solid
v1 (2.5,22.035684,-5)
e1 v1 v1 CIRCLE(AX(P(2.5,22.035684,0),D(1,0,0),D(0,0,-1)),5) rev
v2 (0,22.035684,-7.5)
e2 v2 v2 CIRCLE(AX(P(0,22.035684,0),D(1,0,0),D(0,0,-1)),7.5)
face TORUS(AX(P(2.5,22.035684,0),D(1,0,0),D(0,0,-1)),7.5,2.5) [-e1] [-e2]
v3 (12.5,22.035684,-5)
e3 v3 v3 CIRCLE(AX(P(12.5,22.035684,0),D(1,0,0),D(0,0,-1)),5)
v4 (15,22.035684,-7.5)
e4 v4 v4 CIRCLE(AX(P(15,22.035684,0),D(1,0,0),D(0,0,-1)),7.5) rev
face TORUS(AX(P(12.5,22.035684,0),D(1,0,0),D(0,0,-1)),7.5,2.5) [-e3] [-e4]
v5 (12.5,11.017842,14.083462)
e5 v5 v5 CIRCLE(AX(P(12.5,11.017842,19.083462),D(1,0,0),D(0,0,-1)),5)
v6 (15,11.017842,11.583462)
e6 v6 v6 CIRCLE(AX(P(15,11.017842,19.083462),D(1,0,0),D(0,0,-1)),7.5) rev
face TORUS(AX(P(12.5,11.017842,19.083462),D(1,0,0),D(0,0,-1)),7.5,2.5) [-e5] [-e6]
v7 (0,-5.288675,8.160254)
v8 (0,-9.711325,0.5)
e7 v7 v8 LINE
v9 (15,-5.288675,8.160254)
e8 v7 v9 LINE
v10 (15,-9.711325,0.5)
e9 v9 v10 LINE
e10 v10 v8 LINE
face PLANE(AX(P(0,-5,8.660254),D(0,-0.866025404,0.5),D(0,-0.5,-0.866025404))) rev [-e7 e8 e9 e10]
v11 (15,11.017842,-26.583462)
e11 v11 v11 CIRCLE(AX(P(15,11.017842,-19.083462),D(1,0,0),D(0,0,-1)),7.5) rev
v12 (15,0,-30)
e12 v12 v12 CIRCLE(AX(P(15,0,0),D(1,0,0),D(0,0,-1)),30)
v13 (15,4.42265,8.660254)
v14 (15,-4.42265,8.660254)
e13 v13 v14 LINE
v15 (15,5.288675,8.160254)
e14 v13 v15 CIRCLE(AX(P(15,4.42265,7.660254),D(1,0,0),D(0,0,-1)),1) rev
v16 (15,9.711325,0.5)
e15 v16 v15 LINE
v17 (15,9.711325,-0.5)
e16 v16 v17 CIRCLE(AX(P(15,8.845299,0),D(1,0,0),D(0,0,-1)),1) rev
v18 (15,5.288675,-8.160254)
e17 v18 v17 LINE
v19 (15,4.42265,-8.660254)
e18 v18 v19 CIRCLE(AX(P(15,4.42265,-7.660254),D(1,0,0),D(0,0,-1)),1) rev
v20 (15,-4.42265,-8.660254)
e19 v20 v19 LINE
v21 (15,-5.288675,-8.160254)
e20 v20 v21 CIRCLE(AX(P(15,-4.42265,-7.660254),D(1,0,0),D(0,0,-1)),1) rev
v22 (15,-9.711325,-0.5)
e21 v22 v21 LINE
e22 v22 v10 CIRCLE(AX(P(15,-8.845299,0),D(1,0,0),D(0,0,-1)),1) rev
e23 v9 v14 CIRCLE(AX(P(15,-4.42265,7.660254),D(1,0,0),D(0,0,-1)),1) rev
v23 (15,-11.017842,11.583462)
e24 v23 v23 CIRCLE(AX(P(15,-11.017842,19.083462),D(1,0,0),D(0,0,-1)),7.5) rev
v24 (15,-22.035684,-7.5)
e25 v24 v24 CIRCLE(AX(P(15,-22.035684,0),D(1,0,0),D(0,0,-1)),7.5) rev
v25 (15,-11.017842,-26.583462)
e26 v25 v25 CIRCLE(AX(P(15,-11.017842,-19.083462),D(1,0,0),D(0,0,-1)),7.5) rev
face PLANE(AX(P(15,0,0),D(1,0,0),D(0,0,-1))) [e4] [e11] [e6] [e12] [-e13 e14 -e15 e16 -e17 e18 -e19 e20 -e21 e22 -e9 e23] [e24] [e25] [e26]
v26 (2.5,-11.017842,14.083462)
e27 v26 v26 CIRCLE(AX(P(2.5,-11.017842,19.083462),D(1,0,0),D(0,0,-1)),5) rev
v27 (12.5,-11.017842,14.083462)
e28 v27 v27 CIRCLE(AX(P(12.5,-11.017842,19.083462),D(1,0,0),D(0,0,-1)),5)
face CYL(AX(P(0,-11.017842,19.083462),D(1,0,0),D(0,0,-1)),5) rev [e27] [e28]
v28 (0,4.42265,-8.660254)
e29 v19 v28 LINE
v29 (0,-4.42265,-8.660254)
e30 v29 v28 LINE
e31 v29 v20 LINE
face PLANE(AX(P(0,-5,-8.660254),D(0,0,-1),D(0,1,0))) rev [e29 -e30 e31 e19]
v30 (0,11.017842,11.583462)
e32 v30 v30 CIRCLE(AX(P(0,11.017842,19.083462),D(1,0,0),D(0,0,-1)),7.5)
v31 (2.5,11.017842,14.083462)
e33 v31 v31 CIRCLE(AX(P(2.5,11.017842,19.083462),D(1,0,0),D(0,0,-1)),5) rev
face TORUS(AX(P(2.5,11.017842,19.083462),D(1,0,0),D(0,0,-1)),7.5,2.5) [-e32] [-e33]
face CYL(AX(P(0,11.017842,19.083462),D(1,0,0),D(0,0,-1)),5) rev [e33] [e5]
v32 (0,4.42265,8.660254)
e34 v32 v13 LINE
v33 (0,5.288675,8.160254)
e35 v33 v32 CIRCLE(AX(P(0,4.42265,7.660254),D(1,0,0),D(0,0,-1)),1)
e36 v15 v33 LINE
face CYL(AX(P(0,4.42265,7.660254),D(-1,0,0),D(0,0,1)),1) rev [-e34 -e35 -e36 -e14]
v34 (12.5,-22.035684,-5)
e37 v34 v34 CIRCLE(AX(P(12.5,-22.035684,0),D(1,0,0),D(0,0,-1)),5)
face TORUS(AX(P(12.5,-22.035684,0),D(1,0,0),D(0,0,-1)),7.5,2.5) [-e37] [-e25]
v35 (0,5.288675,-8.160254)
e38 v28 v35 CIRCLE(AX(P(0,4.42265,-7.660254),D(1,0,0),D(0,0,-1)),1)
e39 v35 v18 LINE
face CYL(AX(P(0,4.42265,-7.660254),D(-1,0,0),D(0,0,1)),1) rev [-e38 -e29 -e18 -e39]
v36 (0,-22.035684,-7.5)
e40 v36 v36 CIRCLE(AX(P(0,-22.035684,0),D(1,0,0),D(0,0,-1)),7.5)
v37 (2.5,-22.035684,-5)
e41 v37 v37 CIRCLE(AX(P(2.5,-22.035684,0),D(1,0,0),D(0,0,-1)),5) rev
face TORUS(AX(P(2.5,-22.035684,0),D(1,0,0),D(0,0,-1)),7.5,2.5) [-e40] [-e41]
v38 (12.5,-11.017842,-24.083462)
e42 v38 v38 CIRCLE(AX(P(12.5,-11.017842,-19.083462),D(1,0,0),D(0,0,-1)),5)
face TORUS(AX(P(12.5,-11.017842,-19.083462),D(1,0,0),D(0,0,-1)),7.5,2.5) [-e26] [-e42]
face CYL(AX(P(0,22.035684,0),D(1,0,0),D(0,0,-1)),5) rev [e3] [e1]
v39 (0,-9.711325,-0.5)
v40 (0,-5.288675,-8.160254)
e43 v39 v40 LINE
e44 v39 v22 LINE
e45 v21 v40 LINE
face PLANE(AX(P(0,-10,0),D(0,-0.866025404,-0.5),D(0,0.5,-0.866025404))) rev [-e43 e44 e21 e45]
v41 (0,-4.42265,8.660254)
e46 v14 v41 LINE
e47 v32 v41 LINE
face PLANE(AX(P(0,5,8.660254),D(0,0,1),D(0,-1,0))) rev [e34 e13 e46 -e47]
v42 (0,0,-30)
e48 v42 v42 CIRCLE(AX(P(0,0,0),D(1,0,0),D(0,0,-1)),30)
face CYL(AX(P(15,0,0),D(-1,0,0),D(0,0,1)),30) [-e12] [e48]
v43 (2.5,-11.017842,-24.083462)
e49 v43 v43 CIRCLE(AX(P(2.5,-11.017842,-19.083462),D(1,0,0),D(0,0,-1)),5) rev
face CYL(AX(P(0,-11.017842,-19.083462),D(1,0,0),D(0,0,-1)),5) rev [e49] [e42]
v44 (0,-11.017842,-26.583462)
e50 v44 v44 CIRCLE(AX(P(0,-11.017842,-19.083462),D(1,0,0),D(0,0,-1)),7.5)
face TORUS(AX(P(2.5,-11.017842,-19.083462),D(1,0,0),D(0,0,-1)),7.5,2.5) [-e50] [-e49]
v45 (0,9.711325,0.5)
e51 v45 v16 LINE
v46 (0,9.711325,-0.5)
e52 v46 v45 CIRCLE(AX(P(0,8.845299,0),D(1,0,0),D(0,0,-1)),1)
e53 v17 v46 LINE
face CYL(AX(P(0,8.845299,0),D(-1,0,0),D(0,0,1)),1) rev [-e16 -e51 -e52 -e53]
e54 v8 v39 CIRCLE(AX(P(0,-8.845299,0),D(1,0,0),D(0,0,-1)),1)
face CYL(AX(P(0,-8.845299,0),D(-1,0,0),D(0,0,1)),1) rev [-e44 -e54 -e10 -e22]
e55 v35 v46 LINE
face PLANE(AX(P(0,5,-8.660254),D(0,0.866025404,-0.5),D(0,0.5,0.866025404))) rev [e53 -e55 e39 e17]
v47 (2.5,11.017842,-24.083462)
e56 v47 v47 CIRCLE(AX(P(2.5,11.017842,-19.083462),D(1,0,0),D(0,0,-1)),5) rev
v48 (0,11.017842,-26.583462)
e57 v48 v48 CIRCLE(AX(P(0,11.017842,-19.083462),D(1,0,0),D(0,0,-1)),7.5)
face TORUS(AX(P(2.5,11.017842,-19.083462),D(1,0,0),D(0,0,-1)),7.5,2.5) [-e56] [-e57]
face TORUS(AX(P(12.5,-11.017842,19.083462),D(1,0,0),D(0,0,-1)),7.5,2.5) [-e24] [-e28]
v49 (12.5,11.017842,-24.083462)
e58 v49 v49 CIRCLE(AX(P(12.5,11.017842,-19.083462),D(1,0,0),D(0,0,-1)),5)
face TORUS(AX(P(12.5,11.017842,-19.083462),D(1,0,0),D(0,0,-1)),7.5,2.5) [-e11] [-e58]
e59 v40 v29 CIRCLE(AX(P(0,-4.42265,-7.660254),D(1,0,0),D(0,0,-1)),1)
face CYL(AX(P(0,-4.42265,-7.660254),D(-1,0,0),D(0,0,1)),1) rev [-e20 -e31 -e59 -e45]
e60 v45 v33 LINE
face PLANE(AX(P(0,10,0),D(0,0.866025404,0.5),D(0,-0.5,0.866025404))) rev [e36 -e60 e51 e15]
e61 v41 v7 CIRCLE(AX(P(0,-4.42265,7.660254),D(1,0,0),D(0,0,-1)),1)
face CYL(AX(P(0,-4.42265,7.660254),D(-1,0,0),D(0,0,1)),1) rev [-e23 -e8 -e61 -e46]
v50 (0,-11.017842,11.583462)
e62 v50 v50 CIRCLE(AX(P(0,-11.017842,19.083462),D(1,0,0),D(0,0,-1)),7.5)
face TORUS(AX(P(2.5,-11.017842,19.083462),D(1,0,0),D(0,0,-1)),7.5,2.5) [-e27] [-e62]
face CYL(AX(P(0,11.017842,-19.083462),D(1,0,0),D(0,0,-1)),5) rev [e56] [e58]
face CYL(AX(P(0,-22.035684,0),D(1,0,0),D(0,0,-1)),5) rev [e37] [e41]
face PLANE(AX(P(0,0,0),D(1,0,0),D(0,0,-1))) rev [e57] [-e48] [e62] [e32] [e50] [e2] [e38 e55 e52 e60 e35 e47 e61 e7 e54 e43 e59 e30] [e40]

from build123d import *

# Parameters (mm, degrees)
ESBO_O1_R                = 30
RESSALTO_EXTRUS_O1_DEPTH = 15
ESBO_O2_R                = 5
CORTE_EXTRUS_O3_DEPTH    = 46
FILETE1_R                = 2.5
FILETE2_R                = 1


with BuildPart() as part:
    # Esboço1 → Ressalto-extrusão1 (new body)
    with BuildSketch(Plane(origin=(0, 0, 0), x_dir=(0, 0, -1), z_dir=(1, 0, 0))):
        Circle(ESBO_O1_R)
    extrude(amount=RESSALTO_EXTRUS_O1_DEPTH)

    # Esboço2 → Corte-extrusão3 (cut, through all)
    with BuildSketch(Plane(origin=(15, 0, 0), x_dir=(0, 0, -1), z_dir=(1, 0, 0))):
        with Locations((0, 22.035683849)):
            Circle(ESBO_O2_R)
        with Locations((19.083462003, 11.017841924)):
            Circle(ESBO_O2_R)
        with Locations((19.083462003, -11.017841924)):
            Circle(ESBO_O2_R)
        with Locations((0, -22.035683849)):
            Circle(ESBO_O2_R)
        with Locations((-19.083462003, -11.017841924)):
            Circle(ESBO_O2_R)
        with Locations((-19.083462003, 11.017841924)):
            Circle(ESBO_O2_R)
        Polygon((0, 10), (-8.660254038, 5), (-8.660254038, -5), (0, -10), (8.660254038, -5), (8.660254038, 5), align=None)
    extrude(amount=-CORTE_EXTRUS_O3_DEPTH, mode=Mode.SUBTRACT)

    # Filete1
    filete1_edges = [part.edges().sort_by_distance(p)[0] for p in [
        (0, 11.017841924, 24.083462003),
        (15, 11.017841924, 24.083462003),
        (0, -11.017841924, 24.083462003),
        (15, -11.017841924, 24.083462003),
        (0, -22.035683849, 5),
        (15, -22.035683849, 5),
        (0, -11.017841924, -14.083462003),
        (15, -11.017841924, -14.083462003),
        (0, 11.017841924, -14.083462003),
        (15, 11.017841924, -14.083462003),
        (0, 22.035683849, 5),
        (15, 22.035683849, 5),
    ]]
    fillet(filete1_edges, radius=FILETE1_R)

    # Filete2
    filete2_edges = [part.edges().sort_by_distance(p)[0] for p in [
        (7.5, 10, 0),
        (7.5, 5, -8.660254038),
        (7.5, -5, -8.660254038),
        (7.5, -10, 0),
        (7.5, -5, 8.660254038),
        (7.5, 5, 8.660254038),
    ]]
    fillet(filete2_edges, radius=FILETE2_R)


solid = part.part
